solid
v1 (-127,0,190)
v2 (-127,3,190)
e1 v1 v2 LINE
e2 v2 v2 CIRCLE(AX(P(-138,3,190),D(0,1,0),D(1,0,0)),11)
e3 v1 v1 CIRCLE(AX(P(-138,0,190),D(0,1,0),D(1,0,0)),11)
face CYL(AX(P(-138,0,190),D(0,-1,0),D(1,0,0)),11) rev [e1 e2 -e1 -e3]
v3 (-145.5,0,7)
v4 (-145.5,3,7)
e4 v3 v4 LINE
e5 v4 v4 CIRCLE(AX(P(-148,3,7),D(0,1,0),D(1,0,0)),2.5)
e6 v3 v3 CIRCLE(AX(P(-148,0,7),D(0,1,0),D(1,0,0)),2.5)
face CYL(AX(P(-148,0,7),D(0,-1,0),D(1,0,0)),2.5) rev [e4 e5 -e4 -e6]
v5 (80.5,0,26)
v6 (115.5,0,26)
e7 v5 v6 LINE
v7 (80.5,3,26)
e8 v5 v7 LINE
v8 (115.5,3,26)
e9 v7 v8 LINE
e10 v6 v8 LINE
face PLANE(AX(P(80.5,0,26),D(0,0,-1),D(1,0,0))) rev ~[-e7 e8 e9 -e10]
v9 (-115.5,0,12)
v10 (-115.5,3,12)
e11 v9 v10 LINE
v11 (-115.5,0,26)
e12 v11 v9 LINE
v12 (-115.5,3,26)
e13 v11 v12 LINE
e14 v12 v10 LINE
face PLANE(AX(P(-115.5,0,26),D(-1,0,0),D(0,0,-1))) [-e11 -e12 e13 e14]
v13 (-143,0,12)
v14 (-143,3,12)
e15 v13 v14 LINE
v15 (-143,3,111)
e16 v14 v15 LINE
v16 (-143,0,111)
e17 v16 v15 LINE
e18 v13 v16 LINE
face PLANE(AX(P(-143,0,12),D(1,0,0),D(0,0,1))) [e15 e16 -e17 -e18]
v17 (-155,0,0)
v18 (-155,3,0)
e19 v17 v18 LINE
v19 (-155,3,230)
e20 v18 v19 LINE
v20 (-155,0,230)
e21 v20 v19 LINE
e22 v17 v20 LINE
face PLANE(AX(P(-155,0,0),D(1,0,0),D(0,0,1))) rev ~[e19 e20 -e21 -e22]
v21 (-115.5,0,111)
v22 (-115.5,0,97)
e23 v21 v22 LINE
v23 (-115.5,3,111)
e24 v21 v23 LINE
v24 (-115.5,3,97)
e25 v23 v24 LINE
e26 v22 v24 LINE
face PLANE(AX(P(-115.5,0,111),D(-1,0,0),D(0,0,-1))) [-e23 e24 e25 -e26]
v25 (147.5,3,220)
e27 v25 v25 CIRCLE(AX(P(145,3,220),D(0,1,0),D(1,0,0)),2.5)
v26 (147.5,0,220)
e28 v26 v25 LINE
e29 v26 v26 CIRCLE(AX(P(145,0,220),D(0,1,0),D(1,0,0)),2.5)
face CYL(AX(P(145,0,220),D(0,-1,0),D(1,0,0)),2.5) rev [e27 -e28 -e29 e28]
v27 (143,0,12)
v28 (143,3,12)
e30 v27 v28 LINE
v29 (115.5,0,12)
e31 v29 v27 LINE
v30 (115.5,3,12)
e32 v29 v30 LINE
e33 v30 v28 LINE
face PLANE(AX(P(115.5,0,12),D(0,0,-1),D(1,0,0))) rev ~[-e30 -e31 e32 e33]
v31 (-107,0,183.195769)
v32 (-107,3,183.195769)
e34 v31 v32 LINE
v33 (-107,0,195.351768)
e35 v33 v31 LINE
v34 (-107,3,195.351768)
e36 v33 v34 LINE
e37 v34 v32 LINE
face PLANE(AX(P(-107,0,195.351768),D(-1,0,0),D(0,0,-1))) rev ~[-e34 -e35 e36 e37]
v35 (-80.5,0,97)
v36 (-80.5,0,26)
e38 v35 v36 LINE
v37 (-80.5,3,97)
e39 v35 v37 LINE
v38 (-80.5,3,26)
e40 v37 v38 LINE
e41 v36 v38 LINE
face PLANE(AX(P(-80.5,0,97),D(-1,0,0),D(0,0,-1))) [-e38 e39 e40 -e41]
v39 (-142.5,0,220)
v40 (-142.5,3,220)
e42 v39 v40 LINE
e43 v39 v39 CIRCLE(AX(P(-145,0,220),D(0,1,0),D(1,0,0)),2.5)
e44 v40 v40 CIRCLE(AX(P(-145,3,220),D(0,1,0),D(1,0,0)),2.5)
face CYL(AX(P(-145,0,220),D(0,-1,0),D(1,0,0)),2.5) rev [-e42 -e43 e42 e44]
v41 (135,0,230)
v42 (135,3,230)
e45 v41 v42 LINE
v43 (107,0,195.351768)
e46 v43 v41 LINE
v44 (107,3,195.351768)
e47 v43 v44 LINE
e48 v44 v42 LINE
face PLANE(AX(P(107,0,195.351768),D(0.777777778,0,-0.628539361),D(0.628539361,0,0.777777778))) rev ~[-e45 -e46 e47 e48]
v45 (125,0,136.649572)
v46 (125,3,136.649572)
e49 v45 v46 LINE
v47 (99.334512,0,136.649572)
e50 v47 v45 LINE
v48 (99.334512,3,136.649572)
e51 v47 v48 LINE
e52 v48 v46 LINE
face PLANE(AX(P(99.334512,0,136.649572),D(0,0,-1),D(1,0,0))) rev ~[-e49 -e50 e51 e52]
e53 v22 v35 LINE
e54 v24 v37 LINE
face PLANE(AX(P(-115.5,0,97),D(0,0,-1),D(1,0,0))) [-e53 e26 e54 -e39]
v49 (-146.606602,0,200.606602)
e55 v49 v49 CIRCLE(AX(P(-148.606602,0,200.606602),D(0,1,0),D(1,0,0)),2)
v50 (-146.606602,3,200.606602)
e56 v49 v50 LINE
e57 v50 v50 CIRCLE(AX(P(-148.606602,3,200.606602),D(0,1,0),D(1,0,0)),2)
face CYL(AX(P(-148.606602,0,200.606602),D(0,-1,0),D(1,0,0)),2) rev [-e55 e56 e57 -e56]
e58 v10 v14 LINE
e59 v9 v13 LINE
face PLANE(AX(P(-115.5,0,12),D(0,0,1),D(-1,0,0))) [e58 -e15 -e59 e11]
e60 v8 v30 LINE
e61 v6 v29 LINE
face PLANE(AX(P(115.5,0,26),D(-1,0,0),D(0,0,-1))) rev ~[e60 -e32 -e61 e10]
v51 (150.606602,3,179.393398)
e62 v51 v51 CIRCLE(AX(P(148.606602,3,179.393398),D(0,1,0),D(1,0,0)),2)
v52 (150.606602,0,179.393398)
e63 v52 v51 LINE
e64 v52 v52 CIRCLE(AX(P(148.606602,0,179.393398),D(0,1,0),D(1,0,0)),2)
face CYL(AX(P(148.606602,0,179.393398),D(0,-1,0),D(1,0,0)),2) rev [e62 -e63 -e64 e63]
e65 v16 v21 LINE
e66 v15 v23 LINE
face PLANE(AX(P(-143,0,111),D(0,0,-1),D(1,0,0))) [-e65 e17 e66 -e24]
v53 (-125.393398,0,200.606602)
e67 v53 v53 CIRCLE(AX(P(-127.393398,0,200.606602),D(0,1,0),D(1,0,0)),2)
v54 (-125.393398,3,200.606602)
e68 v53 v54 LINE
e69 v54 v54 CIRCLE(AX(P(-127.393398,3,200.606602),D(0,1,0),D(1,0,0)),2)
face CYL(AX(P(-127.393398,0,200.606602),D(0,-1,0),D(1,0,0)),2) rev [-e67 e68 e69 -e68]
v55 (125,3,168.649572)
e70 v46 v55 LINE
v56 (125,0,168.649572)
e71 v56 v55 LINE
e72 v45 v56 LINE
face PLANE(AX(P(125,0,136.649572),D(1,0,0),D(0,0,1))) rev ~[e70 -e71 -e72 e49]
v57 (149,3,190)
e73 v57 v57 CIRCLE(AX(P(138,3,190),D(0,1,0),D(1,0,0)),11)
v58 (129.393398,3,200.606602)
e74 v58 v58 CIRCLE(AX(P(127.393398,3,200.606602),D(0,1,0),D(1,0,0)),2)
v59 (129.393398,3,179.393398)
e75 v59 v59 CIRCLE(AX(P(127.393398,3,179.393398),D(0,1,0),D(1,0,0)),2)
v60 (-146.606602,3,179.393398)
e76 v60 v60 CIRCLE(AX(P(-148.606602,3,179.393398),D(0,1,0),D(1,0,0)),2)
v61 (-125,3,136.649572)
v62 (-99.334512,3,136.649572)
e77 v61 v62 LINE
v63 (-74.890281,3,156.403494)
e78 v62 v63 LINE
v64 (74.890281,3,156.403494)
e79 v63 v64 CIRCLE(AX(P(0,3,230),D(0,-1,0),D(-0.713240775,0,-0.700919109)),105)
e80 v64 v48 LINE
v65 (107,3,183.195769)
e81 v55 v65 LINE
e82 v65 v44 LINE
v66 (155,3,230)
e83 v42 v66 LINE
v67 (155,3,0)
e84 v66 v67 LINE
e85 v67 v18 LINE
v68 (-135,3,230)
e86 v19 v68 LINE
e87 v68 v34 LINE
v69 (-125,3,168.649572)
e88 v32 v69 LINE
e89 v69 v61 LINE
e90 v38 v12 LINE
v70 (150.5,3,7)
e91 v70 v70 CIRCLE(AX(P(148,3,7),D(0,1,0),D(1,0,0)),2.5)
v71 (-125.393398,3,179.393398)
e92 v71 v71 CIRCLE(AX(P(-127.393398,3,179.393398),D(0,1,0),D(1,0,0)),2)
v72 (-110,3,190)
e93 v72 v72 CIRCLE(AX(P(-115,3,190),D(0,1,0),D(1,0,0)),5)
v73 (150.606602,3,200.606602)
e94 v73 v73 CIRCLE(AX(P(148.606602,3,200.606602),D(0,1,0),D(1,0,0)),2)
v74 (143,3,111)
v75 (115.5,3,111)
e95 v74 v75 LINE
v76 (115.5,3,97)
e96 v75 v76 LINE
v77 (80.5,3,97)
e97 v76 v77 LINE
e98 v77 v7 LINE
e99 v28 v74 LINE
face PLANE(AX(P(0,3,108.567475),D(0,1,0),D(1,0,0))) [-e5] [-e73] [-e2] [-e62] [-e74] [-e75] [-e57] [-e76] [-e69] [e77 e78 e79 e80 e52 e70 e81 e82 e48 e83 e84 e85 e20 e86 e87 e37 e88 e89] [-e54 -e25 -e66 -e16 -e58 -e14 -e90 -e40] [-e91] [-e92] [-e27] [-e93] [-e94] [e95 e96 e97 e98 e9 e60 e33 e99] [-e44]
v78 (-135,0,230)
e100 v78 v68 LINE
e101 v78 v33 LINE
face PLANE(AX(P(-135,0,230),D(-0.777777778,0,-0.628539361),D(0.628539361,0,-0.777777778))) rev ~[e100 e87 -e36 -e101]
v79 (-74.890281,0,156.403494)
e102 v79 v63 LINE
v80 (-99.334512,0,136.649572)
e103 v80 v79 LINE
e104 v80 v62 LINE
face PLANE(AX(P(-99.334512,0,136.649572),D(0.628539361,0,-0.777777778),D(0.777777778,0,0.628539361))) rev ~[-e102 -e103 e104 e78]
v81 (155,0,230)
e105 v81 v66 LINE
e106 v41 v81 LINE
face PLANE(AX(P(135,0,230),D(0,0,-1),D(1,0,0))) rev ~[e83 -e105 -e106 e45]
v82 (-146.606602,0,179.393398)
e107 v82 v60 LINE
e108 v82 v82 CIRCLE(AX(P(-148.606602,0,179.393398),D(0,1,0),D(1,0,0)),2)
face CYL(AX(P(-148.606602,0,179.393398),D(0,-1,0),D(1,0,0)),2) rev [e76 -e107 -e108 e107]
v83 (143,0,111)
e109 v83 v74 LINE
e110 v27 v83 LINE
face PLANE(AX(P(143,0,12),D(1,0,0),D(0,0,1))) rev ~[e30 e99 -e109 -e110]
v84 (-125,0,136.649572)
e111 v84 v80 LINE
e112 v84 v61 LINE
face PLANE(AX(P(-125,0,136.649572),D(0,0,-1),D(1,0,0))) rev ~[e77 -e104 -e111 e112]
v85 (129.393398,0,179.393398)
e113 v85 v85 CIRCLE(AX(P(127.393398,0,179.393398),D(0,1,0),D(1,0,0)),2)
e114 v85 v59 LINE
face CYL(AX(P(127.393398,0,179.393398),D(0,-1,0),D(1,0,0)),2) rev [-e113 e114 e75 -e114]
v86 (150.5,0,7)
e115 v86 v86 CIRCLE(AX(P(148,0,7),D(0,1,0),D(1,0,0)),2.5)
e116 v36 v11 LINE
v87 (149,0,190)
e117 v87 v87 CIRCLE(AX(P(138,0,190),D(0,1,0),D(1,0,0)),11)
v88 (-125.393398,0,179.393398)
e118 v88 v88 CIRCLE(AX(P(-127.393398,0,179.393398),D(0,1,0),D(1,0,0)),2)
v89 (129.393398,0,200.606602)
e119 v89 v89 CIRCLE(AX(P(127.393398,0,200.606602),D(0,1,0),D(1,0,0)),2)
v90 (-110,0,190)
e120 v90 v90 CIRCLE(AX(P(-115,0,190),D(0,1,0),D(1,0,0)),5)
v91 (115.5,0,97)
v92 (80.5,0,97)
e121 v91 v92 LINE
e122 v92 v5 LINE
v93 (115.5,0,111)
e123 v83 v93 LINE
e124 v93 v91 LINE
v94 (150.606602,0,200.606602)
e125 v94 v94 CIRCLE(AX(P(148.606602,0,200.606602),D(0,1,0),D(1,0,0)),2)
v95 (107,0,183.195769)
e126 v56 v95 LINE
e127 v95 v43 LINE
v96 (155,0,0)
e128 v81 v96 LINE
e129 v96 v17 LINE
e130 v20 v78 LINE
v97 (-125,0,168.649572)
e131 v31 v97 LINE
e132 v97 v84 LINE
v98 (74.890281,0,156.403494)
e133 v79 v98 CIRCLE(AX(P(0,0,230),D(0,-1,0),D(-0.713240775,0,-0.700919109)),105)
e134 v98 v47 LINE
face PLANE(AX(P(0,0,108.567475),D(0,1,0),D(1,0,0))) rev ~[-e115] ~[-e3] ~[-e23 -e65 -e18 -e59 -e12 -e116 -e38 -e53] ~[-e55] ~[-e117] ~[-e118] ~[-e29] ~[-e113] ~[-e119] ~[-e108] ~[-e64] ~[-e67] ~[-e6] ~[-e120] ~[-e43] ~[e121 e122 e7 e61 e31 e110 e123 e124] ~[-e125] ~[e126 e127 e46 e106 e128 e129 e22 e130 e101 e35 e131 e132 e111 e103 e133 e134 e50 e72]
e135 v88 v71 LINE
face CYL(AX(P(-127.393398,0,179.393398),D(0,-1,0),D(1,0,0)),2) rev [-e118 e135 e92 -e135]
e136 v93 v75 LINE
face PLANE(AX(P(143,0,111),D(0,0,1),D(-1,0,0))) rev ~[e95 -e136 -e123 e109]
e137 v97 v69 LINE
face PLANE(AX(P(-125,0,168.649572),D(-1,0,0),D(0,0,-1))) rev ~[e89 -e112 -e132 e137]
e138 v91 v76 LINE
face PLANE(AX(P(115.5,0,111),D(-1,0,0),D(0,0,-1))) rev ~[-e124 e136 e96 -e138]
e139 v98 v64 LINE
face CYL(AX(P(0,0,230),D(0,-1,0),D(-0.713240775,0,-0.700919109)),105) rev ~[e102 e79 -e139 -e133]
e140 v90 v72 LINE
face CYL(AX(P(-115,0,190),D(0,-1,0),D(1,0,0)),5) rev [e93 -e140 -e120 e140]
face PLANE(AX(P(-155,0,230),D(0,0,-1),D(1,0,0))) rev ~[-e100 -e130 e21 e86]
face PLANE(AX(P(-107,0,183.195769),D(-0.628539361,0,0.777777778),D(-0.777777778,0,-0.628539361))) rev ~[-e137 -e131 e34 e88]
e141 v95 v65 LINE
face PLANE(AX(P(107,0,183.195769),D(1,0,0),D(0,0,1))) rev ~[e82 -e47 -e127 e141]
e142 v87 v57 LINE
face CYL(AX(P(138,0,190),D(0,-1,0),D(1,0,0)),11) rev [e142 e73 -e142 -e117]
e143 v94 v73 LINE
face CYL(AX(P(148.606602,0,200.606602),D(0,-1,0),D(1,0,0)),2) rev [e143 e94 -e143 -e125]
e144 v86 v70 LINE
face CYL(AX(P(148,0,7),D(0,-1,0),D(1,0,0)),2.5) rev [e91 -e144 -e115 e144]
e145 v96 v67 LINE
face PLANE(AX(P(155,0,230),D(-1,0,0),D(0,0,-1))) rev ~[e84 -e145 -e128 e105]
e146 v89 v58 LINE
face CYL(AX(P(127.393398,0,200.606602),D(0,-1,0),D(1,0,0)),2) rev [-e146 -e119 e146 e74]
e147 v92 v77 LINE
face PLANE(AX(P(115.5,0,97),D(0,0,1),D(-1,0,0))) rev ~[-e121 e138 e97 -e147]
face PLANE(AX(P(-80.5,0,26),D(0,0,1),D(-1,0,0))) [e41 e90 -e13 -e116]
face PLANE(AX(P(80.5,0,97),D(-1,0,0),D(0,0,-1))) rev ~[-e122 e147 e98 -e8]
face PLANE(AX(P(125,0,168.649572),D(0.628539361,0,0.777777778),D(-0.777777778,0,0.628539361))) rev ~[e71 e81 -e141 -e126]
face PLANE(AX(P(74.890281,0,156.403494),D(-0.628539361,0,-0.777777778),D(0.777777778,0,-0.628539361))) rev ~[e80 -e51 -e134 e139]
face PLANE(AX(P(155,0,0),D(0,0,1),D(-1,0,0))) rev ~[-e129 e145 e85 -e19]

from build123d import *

# Parameters (mm, degrees)
ESQUISSE1_R      = 2.5
ESQUISSE1_R_2    = 11
ESQUISSE1_R_3    = 2
ESQUISSE1_R_4    = 5
EXTRUSION1_DEPTH = 3


with BuildPart() as part:
    # Esquisse1 → Extrusion1 (new body)
    with BuildSketch(Plane(origin=(0, 0, 0), x_dir=(1, 0, 0), z_dir=(0, 1, 0))):
        with BuildLine():
            Line((155, 0), (-155, 0))
            Line((-155, 0), (-155, -230))
            Line((-155, -230), (-135, -230))
            Line((-135, -230), (-107, -195.351767722))
            Line((-107, -195.351767722), (-107, -183.195768703))
            Line((-107, -183.195768703), (-125, -168.649572061))
            Line((-125, -168.649572061), (-125, -136.649572061))
            Line((-125, -136.649572061), (-99.334512084, -136.649572061))
            Line((-99.334512084, -136.649572061), (-74.890281348, -156.403493564))
            ThreePointArc((-74.890281348, -156.403493564), (0, -125), (74.890281348, -156.403493564))
            Line((74.890281348, -156.403493564), (99.334512084, -136.649572061))
            Line((99.334512084, -136.649572061), (125, -136.649572061))
            Line((125, -136.649572061), (125, -168.649572061))
            Line((125, -168.649572061), (107, -183.195768703))
            Line((107, -183.195768703), (107, -195.351767722))
            Line((107, -195.351767722), (135, -230))
            Line((135, -230), (155, -230))
            Line((155, -230), (155, 0))
        make_face()
        with Locations((-148, -7)):
            Circle(ESQUISSE1_R, mode=Mode.SUBTRACT)
        with Locations((148, -7)):
            Circle(ESQUISSE1_R, mode=Mode.SUBTRACT)
        with Locations((-145, -220)):
            Circle(ESQUISSE1_R, mode=Mode.SUBTRACT)
        with Locations((145, -220)):
            Circle(ESQUISSE1_R, mode=Mode.SUBTRACT)
        with Locations((-138, -190)):
            Circle(ESQUISSE1_R_2, mode=Mode.SUBTRACT)
        with Locations((-148.606601718, -179.393398282)):
            Circle(ESQUISSE1_R_3, mode=Mode.SUBTRACT)
        with Locations((-127.393398282, -179.393398282)):
            Circle(ESQUISSE1_R_3, mode=Mode.SUBTRACT)
        with Locations((-127.393398282, -200.606601718)):
            Circle(ESQUISSE1_R_3, mode=Mode.SUBTRACT)
        with Locations((-148.606601718, -200.606601718)):
            Circle(ESQUISSE1_R_3, mode=Mode.SUBTRACT)
        with Locations((138, -190)):
            Circle(ESQUISSE1_R_2, mode=Mode.SUBTRACT)
        with Locations((148.606601718, -200.606601718)):
            Circle(ESQUISSE1_R_3, mode=Mode.SUBTRACT)
        with Locations((127.393398282, -200.606601718)):
            Circle(ESQUISSE1_R_3, mode=Mode.SUBTRACT)
        with Locations((127.393398282, -179.393398282)):
            Circle(ESQUISSE1_R_3, mode=Mode.SUBTRACT)
        with Locations((148.606601718, -179.393398282)):
            Circle(ESQUISSE1_R_3, mode=Mode.SUBTRACT)
        with Locations((-115, -190)):
            Circle(ESQUISSE1_R_4, mode=Mode.SUBTRACT)
        Polygon((-80.5, -26), (-115.5, -26), (-115.5, -12), (-143, -12), (-143, -111), (-115.5, -111), (-115.5, -97), (-80.5, -97), align=None, mode=Mode.SUBTRACT)
        Polygon((115.5, -26), (115.5, -12), (143, -12), (143, -111), (115.5, -111), (115.5, -97), (80.5, -97), (80.5, -26), align=None, mode=Mode.SUBTRACT)
    extrude(amount=EXTRUSION1_DEPTH)


solid = part.part
